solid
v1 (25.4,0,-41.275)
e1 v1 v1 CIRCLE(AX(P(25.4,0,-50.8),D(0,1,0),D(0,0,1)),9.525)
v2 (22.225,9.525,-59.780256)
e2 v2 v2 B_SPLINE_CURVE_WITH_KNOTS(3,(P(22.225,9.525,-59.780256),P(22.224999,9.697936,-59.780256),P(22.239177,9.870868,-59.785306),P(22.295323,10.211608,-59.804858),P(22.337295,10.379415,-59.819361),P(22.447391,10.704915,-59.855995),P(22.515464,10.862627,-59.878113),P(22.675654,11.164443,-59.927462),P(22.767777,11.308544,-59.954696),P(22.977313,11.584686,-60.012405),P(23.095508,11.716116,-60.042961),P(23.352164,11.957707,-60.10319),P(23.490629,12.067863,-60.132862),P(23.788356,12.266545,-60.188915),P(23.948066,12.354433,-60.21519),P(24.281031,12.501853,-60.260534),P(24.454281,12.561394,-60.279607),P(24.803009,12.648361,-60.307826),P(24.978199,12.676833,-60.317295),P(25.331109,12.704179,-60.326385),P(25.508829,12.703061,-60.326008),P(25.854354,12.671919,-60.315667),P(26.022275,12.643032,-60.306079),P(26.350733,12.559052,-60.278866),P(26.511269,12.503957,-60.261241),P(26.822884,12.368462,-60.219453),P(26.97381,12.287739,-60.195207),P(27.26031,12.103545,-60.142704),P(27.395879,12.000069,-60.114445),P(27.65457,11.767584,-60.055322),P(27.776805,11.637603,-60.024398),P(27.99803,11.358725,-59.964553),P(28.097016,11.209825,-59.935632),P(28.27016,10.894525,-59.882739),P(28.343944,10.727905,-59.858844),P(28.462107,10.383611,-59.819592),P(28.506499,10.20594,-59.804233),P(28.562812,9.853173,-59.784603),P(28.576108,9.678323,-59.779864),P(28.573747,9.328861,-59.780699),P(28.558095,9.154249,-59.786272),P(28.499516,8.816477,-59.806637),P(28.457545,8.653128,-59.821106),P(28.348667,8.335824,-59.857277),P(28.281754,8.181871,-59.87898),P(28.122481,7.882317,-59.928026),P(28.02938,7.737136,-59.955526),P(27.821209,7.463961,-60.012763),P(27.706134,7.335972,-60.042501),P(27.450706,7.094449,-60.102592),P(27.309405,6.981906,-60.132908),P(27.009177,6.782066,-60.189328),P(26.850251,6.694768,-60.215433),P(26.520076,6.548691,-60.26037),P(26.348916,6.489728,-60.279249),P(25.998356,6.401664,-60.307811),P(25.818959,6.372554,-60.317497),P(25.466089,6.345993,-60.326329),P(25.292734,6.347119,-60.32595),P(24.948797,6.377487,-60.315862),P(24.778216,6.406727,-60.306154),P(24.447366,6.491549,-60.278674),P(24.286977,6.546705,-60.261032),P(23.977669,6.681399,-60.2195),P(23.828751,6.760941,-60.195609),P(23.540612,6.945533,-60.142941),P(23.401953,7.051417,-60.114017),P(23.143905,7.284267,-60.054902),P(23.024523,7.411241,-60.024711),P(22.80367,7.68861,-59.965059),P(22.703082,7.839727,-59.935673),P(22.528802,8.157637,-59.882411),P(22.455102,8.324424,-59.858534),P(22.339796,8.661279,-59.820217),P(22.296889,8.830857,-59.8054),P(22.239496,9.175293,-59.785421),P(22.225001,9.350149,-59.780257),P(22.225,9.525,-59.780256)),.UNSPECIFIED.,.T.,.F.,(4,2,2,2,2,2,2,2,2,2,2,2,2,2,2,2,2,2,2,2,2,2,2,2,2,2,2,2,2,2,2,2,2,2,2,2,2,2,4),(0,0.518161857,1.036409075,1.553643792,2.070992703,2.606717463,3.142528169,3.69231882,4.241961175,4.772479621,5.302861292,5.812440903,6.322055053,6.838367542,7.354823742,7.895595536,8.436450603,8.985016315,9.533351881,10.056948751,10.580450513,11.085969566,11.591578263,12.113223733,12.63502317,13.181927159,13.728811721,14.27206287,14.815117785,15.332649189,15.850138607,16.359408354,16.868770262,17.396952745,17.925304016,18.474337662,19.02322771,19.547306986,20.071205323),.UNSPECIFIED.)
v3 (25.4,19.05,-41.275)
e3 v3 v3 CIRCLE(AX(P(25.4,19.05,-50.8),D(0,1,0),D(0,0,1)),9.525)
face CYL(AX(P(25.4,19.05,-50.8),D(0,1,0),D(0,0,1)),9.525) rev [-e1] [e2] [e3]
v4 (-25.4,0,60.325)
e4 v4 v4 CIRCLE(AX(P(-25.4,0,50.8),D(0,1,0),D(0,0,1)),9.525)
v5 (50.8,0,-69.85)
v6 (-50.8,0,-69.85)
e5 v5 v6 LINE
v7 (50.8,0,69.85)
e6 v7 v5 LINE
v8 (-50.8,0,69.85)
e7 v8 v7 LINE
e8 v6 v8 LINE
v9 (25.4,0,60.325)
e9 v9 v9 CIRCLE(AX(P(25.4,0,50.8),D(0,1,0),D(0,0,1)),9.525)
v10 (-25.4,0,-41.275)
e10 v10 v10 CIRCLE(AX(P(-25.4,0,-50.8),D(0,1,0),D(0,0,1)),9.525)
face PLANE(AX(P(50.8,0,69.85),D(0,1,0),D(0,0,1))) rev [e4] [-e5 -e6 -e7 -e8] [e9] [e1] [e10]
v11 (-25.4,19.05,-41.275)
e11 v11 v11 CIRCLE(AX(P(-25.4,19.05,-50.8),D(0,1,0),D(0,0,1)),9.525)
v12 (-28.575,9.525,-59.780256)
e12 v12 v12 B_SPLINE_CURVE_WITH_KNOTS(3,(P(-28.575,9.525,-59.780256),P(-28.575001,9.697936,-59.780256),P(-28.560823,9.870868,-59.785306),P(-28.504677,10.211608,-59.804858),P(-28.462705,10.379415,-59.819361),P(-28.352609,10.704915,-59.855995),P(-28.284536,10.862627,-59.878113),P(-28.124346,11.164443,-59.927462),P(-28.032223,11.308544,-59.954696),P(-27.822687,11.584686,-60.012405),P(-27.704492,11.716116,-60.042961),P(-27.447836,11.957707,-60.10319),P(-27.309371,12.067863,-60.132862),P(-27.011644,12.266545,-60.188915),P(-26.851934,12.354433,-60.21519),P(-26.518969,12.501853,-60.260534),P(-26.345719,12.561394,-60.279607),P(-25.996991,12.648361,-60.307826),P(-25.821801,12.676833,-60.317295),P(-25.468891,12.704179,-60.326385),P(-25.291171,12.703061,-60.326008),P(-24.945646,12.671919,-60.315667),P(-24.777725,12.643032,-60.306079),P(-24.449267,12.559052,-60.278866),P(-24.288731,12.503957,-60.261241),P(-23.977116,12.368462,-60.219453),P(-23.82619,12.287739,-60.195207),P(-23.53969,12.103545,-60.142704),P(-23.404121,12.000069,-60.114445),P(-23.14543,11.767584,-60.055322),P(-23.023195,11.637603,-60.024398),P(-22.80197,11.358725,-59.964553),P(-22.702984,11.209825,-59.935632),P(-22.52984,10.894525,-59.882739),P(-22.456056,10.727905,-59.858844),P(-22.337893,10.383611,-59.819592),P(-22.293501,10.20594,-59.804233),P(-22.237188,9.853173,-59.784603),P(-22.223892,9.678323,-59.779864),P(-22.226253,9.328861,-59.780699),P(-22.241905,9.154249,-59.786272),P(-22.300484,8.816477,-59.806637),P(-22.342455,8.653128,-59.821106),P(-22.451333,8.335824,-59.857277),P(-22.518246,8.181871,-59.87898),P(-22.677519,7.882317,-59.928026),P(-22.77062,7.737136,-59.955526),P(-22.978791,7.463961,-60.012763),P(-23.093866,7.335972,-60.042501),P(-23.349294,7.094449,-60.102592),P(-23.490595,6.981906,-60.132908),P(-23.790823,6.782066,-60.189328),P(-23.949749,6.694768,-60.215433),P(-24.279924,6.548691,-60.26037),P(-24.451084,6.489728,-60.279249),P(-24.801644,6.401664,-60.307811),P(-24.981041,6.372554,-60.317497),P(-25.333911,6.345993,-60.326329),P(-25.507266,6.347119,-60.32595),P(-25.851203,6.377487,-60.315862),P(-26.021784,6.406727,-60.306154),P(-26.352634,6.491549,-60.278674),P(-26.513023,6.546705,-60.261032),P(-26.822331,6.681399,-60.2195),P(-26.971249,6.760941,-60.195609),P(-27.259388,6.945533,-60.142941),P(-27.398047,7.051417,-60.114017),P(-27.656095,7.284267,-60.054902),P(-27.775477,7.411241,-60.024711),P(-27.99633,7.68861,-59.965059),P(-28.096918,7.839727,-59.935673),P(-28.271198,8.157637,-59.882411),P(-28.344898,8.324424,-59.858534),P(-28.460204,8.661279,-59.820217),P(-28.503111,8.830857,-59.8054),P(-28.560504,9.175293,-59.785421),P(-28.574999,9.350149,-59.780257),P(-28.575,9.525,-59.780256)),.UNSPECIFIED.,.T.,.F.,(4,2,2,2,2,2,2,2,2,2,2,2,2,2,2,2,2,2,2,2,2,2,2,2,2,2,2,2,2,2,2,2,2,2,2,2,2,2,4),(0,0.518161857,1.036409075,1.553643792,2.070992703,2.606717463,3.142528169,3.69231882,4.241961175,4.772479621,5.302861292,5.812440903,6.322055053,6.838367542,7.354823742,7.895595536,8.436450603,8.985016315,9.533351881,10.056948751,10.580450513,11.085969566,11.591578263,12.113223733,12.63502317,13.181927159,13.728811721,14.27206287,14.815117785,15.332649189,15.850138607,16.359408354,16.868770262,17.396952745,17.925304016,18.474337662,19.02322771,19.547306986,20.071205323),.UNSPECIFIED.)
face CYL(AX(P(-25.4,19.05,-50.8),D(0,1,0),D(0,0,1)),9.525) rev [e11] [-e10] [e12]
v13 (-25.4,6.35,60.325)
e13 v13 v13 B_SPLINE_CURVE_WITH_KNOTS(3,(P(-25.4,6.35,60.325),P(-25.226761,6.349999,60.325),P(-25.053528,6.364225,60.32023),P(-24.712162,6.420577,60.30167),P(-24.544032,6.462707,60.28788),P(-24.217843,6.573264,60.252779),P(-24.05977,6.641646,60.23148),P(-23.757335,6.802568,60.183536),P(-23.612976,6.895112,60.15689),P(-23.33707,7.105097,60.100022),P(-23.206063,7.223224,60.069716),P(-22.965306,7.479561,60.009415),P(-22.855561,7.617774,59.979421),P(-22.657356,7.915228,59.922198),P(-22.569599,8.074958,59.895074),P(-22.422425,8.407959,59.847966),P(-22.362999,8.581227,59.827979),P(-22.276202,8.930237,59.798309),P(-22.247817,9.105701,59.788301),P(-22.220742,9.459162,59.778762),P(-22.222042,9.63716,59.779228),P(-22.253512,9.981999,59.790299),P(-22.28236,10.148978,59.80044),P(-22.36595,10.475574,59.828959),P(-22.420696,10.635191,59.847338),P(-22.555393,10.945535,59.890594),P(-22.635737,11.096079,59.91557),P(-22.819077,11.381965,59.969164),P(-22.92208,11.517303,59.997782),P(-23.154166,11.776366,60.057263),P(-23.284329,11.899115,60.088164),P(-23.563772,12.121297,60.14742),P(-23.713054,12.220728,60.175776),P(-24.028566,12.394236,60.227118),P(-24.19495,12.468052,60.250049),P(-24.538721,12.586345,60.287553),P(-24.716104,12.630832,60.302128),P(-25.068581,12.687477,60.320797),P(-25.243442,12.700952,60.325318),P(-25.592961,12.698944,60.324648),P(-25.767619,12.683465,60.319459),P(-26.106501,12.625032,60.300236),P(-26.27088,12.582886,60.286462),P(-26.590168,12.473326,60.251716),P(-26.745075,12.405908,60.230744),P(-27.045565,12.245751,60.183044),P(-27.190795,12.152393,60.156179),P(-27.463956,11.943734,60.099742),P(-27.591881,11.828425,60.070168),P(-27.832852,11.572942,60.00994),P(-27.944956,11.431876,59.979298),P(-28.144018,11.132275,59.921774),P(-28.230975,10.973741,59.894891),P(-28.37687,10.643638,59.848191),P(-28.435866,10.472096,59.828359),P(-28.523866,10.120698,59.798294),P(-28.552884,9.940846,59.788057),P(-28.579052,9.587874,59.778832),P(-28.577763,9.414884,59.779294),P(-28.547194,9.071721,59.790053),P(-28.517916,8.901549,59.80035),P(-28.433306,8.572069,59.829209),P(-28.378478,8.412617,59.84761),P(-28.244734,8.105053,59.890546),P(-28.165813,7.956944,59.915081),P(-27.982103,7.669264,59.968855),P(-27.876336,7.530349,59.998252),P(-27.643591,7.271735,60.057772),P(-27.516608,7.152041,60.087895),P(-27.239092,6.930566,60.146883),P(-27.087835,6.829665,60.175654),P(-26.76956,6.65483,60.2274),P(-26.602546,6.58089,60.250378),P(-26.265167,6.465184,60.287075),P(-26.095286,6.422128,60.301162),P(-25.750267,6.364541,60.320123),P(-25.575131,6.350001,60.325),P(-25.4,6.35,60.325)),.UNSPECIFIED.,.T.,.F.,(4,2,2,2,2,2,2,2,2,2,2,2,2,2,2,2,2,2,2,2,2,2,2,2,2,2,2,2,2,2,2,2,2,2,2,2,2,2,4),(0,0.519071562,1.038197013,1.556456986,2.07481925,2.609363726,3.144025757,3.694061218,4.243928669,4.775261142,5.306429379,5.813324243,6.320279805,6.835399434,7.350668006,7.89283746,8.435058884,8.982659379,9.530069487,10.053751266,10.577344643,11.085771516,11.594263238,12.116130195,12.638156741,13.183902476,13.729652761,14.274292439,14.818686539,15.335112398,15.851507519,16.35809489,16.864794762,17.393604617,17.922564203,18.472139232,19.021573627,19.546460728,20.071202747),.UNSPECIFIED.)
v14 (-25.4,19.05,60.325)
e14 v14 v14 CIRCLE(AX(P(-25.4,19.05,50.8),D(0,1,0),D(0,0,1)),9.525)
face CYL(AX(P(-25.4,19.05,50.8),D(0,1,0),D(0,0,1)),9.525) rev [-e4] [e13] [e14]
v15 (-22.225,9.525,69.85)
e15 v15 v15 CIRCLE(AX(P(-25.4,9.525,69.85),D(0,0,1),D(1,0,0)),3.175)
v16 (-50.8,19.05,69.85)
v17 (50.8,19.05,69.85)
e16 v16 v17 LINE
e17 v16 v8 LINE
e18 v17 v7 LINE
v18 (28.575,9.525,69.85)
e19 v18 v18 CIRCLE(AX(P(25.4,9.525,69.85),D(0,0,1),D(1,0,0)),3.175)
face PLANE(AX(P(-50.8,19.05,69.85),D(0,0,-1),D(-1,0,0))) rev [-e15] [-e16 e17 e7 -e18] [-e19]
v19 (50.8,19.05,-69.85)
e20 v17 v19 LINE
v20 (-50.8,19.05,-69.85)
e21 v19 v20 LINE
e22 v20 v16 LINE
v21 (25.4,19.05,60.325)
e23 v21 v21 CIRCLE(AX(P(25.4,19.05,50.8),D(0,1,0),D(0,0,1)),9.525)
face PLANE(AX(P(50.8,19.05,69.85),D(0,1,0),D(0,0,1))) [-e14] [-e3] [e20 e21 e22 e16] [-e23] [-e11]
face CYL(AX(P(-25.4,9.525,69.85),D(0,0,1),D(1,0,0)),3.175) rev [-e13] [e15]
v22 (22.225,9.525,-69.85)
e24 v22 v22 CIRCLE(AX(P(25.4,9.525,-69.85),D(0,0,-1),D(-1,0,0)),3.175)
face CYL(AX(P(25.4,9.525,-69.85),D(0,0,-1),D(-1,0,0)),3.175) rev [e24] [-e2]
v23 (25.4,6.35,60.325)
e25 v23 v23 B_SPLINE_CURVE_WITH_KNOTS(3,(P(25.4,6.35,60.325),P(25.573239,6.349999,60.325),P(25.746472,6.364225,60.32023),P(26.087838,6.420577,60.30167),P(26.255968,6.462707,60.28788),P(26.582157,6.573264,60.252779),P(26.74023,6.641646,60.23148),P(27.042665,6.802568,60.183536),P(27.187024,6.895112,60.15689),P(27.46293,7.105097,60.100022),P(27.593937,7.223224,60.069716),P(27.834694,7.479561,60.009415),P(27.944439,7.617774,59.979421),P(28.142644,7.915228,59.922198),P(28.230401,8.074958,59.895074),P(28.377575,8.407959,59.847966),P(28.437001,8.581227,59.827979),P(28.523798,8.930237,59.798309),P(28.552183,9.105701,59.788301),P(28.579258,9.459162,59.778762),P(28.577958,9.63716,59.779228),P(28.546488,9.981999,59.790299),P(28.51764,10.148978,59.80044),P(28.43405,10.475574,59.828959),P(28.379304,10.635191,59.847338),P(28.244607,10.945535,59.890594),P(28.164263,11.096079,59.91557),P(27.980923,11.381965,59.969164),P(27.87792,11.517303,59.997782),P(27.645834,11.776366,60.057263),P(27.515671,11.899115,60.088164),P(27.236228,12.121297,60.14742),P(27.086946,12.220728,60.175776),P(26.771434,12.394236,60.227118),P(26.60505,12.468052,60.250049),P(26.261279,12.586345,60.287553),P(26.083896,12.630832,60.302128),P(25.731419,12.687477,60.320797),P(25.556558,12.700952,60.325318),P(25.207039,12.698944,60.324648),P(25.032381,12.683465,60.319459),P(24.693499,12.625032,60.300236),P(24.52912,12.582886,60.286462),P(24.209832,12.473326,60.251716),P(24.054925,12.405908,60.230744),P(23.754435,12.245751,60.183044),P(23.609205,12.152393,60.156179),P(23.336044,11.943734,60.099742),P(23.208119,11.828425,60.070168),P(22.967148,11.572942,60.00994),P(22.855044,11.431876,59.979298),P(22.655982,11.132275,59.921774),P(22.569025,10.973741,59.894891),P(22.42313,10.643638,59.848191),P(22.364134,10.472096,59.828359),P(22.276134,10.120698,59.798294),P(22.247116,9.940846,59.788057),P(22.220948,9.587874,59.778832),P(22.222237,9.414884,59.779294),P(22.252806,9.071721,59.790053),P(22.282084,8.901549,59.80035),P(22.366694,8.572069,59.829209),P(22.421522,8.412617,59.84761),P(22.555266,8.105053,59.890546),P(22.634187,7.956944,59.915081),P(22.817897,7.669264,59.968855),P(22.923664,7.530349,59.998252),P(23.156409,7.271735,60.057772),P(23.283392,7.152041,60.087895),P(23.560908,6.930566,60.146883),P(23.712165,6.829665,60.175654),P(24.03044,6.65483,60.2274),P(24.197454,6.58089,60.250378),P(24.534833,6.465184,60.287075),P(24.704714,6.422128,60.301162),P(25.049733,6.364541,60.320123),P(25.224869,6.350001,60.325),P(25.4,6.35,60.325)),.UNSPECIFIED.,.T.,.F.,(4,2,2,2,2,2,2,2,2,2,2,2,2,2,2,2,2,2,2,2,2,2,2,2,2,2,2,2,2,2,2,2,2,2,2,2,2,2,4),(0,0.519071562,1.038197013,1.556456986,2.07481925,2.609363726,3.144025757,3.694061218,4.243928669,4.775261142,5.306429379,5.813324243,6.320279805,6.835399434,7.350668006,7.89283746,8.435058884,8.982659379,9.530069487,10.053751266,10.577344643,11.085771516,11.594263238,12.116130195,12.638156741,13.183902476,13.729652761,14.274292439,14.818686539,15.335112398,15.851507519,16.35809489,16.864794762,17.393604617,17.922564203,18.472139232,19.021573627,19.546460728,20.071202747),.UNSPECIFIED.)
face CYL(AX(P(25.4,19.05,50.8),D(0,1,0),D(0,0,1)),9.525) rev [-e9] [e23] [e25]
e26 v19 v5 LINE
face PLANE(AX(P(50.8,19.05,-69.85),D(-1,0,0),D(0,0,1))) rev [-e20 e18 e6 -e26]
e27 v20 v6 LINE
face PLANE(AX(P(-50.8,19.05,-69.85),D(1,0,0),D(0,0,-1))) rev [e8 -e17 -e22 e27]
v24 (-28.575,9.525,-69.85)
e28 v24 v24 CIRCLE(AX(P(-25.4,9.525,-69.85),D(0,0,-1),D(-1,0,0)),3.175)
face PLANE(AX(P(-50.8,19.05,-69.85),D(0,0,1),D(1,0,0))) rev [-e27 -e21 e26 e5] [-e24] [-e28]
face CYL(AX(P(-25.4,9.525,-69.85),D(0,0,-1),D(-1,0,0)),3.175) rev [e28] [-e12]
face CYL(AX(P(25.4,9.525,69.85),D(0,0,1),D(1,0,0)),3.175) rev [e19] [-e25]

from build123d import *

# Parameters (mm, degrees)
SKETCH1_W           = 101.6
SKETCH1_H           = 139.7
BOSS_EXTRUDE1_DEPTH = 19.05


with BuildPart() as part:
    # Sketch1 → Boss-Extrude1 (new body)
    with BuildSketch(Plane(origin=(0, 0, 0), x_dir=(1, 0, 0), z_dir=(0, 1, 0))):
        Rectangle(SKETCH1_W, SKETCH1_H)
    extrude(amount=BOSS_EXTRUDE1_DEPTH)

    # Sketch2 → 3/4 (0.75) Diameter Hole1 (revolve, cut)
    with BuildSketch(Plane(origin=(-25.4, 19.05, -50.8), x_dir=(0, 0, 1), z_dir=(1, 0, 0))):
        Polygon((0, 0), (0, 24.773197396), (9.525, 19.05), (9.525, 0), align=None)
    f_3_4_0_75_diameter_hole1 = revolve(axis=Axis((-25.4, 25.4, -50.8), (0, -1, 0)), mode=Mode.SUBTRACT)

    # Mirror1: 3/4 (0.75) Diameter Hole1 across plane
    add(f_3_4_0_75_diameter_hole1.mirror(Plane.XY), mode=Mode.SUBTRACT)

    # Mirror4: 3/4 (0.75) Diameter Hole1 across plane
    add(f_3_4_0_75_diameter_hole1.mirror(Plane(origin=(0, 0, 0), x_dir=(0, 0, 1), z_dir=(1, 0, 0))), mode=Mode.SUBTRACT)

    # Mirror4 copy 1 sketch → Mirror4 copy 1 (revolve, cut)
    with BuildSketch(Plane(origin=(25.4, 19.05, 50.8), x_dir=(0, 0, -1), z_dir=(-1, 0, 0))):
        Polygon((0, 0), (0, 24.773197396), (9.525, 19.05), (9.525, 0), align=None)
    revolve(axis=Axis((25.4, 25.4, 50.8), (0, -1, 0)), mode=Mode.SUBTRACT)

    # Sketch4 → 1/4 (0.25) Diameter Hole1 (revolve, cut)
    with BuildSketch(Plane(origin=(25.4, 9.525, -69.85), x_dir=(0, 1, 0), z_dir=(1, 0, 0))):
        Polygon((0, 0), (0, 20.957732465), (3.175, 19.05), (3.175, 0), align=None)
    f_1_4_0_25_diameter_hole1 = revolve(axis=Axis((25.4, 9.525, -76.2), (0, 0, 1)), mode=Mode.SUBTRACT)

    # Mirror5: 1/4 (0.25) Diameter Hole1 across plane
    add(f_1_4_0_25_diameter_hole1.mirror(Plane.XY), mode=Mode.SUBTRACT)

    # Mirror10: 1/4 (0.25) Diameter Hole1 across plane
    add(f_1_4_0_25_diameter_hole1.mirror(Plane(origin=(0, 0, 0), x_dir=(0, 0, 1), z_dir=(1, 0, 0))), mode=Mode.SUBTRACT)

    # Mirror10 copy 1 sketch → Mirror10 copy 1 (revolve, cut)
    with BuildSketch(Plane(origin=(-25.4, 9.525, 69.85), x_dir=(0, 1, 0), z_dir=(-1, 0, 0))):
        Polygon((0, 0), (0, 20.957732465), (3.175, 19.05), (3.175, 0), align=None)
    revolve(axis=Axis((-25.4, 9.525, 76.2), (0, 0, -1)), mode=Mode.SUBTRACT)


solid = part.part
